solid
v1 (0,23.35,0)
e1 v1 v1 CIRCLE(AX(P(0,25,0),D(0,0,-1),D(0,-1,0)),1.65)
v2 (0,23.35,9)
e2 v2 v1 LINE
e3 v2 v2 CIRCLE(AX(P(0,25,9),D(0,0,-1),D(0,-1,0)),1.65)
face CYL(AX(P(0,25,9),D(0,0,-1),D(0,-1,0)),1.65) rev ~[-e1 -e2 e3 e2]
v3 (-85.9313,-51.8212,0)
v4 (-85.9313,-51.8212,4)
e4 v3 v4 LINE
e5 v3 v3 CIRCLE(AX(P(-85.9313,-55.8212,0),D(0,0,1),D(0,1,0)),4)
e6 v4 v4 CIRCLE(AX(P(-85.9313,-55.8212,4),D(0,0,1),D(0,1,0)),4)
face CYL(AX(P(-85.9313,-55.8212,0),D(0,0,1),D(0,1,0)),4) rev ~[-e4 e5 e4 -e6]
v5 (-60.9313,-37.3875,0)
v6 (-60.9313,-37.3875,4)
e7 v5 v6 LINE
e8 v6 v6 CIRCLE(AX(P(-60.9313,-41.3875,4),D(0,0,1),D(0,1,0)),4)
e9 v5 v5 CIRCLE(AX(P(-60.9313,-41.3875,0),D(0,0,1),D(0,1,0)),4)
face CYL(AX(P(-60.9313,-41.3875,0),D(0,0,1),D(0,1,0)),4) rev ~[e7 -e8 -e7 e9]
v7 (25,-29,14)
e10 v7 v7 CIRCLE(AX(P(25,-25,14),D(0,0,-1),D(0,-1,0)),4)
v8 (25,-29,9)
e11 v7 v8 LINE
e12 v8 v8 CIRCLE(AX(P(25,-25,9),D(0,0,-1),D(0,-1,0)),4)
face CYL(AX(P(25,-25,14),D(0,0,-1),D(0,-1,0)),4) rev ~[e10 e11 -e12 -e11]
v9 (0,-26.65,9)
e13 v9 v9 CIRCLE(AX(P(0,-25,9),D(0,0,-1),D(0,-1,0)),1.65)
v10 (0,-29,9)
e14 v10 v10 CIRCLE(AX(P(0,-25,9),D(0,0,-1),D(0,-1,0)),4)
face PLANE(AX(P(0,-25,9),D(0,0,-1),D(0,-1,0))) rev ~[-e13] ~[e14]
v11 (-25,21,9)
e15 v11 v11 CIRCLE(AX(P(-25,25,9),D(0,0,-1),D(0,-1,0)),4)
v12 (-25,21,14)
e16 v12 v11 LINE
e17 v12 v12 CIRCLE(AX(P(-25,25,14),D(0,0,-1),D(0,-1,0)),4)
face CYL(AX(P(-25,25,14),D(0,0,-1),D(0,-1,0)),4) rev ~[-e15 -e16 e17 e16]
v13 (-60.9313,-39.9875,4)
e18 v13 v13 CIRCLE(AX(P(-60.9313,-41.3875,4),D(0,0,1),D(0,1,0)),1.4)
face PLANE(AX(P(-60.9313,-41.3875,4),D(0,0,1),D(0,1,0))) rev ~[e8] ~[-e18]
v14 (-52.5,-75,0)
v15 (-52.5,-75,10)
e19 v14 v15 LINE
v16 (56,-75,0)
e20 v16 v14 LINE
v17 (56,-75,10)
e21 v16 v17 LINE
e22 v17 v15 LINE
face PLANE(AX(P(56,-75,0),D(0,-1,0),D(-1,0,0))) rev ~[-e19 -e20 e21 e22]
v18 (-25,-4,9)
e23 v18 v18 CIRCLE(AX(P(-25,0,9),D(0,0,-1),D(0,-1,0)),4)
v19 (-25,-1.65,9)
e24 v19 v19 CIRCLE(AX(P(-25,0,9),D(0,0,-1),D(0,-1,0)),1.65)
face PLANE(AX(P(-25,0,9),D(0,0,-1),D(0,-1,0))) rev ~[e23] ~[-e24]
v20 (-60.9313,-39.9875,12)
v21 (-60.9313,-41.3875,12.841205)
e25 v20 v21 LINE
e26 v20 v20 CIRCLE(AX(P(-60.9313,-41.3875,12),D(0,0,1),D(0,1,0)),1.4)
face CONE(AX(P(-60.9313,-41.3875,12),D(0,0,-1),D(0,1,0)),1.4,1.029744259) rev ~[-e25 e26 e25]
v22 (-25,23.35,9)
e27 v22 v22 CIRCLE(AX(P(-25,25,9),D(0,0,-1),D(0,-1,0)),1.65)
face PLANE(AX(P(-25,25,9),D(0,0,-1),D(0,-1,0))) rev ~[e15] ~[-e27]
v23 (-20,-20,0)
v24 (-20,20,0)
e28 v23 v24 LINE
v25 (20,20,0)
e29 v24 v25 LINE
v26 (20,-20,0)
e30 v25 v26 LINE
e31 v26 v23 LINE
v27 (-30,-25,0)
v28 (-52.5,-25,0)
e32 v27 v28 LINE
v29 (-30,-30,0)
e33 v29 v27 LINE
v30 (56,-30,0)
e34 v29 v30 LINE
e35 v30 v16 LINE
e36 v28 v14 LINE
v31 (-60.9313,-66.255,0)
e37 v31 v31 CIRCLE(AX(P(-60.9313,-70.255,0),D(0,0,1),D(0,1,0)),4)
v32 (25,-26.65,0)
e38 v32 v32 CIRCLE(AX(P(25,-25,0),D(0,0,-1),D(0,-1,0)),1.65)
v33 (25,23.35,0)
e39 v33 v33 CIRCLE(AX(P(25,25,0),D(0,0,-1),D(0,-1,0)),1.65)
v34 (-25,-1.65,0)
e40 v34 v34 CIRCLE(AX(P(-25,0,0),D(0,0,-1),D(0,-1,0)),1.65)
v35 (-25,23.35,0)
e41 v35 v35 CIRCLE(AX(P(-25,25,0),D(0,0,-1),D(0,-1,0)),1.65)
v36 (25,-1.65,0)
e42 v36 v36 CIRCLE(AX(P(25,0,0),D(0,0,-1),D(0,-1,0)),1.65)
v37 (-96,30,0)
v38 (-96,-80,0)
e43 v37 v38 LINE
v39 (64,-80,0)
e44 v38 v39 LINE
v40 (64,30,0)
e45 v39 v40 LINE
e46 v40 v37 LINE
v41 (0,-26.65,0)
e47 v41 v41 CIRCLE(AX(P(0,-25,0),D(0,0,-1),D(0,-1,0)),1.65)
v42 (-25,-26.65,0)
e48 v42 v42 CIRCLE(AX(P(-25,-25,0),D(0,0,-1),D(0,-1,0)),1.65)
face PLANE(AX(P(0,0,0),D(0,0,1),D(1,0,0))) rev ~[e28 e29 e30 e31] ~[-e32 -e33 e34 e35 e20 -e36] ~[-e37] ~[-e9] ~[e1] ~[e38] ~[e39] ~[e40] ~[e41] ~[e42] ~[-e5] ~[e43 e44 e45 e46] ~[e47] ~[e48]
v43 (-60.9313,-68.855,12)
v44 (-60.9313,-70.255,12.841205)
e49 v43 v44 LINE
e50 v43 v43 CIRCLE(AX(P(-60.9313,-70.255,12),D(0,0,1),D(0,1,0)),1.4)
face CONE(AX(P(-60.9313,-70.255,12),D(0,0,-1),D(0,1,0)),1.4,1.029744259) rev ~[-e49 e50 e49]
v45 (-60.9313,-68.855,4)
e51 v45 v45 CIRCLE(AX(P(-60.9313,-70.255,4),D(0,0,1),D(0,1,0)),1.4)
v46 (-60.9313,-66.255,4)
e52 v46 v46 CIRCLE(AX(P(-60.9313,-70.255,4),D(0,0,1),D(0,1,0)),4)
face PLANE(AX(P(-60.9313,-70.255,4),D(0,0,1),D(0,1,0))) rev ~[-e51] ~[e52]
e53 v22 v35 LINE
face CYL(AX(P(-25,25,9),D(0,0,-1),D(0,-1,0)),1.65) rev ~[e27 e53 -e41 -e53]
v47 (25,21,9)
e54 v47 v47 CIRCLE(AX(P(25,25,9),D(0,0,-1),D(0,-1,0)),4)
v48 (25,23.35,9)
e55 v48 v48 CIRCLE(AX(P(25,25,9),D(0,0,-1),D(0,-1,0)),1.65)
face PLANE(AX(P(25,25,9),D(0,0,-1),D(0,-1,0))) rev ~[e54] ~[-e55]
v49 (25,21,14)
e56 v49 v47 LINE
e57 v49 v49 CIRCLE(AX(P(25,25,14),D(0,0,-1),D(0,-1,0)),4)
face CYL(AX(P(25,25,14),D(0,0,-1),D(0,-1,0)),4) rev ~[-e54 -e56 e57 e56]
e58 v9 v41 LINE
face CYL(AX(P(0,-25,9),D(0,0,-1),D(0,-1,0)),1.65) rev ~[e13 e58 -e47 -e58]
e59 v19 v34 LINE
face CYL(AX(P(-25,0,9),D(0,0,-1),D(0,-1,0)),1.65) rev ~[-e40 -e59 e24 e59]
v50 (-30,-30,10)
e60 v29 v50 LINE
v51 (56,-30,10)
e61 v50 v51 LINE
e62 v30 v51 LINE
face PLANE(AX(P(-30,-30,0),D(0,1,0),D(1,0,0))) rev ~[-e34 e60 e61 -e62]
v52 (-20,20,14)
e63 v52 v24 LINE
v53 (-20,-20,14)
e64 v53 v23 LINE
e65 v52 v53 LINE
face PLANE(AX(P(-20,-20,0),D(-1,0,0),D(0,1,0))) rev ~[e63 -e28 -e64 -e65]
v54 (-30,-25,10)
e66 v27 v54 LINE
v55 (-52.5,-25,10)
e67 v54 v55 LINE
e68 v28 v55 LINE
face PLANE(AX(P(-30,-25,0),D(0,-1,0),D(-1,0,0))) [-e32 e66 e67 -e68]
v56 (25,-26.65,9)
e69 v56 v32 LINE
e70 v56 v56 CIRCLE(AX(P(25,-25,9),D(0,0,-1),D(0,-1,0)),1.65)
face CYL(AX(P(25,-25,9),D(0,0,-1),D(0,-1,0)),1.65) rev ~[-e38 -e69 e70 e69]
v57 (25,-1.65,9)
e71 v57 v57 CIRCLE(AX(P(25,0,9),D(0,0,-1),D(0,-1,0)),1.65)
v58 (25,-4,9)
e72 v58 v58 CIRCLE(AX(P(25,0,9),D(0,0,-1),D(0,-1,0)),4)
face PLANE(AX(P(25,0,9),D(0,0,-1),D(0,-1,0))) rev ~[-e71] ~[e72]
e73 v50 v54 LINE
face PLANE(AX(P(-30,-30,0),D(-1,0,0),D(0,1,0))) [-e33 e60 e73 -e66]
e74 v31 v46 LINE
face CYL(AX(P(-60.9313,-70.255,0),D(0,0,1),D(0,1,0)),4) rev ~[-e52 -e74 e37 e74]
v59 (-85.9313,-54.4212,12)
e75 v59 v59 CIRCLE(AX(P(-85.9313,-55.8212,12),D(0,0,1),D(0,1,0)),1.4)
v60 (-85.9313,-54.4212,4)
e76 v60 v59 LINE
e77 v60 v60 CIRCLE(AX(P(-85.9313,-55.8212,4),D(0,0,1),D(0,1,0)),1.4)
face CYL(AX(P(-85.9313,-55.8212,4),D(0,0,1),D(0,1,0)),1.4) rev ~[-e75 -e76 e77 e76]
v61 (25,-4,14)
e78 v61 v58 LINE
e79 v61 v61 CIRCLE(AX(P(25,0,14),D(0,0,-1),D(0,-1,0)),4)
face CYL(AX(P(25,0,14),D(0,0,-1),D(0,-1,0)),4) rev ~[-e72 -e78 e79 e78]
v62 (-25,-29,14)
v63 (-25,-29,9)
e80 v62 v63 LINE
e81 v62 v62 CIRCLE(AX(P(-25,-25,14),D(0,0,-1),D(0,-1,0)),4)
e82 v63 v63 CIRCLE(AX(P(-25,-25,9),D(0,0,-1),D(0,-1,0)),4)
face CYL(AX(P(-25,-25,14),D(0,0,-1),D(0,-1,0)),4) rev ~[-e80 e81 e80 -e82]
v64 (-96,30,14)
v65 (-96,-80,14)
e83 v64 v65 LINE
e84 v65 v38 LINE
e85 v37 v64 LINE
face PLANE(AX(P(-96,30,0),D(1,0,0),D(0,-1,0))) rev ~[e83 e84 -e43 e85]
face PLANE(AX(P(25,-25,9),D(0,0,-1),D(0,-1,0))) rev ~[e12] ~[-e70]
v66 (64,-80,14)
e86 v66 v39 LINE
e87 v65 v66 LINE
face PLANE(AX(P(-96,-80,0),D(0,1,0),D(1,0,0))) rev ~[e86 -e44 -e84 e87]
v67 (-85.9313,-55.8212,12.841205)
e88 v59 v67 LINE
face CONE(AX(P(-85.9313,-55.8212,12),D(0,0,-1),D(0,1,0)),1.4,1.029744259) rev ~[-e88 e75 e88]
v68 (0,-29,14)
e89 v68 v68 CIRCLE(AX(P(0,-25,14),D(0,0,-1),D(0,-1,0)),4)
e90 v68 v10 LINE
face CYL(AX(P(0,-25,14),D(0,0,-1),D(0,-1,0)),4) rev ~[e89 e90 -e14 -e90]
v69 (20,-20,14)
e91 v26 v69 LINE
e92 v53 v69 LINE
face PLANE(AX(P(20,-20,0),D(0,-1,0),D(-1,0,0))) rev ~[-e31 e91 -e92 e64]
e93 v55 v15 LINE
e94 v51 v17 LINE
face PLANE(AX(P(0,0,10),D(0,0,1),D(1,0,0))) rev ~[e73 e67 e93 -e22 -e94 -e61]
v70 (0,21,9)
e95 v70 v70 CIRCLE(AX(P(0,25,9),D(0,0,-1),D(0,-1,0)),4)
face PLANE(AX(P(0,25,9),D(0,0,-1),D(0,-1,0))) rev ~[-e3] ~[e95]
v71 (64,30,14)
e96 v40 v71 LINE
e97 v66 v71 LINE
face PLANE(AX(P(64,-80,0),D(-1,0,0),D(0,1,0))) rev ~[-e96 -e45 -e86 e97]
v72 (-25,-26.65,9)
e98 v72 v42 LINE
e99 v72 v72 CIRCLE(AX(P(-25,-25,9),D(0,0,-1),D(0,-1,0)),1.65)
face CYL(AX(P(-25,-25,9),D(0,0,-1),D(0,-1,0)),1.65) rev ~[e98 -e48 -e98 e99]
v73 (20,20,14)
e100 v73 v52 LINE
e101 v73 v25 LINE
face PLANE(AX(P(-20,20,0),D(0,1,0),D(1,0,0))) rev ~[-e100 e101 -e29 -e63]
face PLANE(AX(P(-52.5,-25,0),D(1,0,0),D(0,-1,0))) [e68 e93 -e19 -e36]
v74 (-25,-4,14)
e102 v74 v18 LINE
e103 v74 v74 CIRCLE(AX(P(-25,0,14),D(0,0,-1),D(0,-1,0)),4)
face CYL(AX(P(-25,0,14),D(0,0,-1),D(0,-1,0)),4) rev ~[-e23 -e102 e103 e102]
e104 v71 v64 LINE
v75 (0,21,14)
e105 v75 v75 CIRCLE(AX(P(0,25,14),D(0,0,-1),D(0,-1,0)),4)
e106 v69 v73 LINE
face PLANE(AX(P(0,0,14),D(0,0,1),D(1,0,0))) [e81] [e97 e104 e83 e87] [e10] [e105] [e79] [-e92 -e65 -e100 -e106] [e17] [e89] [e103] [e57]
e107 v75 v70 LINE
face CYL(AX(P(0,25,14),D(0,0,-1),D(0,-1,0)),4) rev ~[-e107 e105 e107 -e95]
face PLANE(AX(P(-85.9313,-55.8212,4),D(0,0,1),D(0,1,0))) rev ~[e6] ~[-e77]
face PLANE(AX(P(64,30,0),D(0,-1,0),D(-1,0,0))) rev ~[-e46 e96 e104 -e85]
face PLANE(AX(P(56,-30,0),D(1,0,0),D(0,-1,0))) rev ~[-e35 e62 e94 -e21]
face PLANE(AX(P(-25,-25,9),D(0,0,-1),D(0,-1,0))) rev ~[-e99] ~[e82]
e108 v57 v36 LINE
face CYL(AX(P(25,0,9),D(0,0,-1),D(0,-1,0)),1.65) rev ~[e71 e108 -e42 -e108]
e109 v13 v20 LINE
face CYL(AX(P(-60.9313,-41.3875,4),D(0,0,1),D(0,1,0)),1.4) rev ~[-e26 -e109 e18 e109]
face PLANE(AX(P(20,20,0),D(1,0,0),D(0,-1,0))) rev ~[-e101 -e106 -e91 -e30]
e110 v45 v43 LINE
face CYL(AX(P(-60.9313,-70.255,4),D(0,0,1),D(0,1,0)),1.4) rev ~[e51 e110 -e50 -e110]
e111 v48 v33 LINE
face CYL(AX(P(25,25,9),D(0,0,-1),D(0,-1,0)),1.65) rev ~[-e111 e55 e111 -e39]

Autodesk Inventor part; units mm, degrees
ref_plane "YZ Plane" through (0, 0, 0) normal (1, 0, 0) x (0, 1, 0)
ref_plane "XZ Plane" through (0, 0, 0) normal (0, 1, 0) x (-1, 0, 0)
ref_plane "XY Plane" through (0, 0, 0) normal (0, 0, 1) x (1, 0, 0)
ref_plane "Work Plane1" through (0, 0, 0) normal (0, 0, 1) x (1, 0, 0)
sketch "Sketch1" plane through (0, 0, 0) normal (0, 0, 1) x (1, 0, 0)
  circle A0 centre (0, 25) radius 1.95 construction
  circle A1 centre (-25, 0) radius 1.95 construction
  circle A2 centre (-25, -25) radius 1.95 construction
  circle A3 centre (25, 25) radius 1.95 construction
  circle A4 centre (25, -25) radius 1.95 construction
  circle A5 centre (-25, 25) radius 1.95 construction
  circle A6 centre (25, 0) radius 1.95 construction
  circle A7 centre (0, -25) radius 1.95 construction
  line L0 (-28, 30) -> (-30, 28) construction
  line L1 (-30, 28) -> (-30, -28) construction
  line L2 (-30, -28) -> (-28, -30) construction
  line L3 (-28, -30) -> (28, -30) construction
  line L4 (28, -30) -> (30, -28) construction
  line L5 (30, -28) -> (30, 28) construction
  line L6 (30, 28) -> (28, 30) construction
  line L7 (28, 30) -> (-28, 30) construction
  circle A8 centre (35, -56) radius 1 construction
  circle A9 centre (5, -48.5) radius 1 construction
  circle A10 centre (5, -64.5) radius 1.0474 construction
  circle A11 centre (-5, -64.5) radius 1 construction
  circle A12 centre (-5, -56) radius 1 construction
  circle A13 centre (-5, -48.5) radius 1 construction
  circle A14 centre (5, -56) radius 1 construction
  circle A15 centre (35, -48) radius 1 construction
  circle A16 centre (35, -64) radius 1 construction
  line L8 (38, -40) -> (38, -72) construction
  line L9 (38, -40) -> (-10, -40) construction
  line L10 (-10, -72) -> (-10, -40) construction
  line L11 (38, -72) -> (-10, -72) construction
  line L12 (38, -71) -> (38, -41) construction
  line L13 (38, -71) -> (48, -71) construction
  line L14 (48, -41) -> (48, -71) construction
  line L15 (38, -41) -> (48, -41) construction
  line L16 (56, -75) -> (-52.5, -75)
  line L17 (-52.5, -75) -> (-52.5, -30)
  line L18 (-52.5, -30) -> (56, -30)
  line L19 (56, -30) -> (56, -75)
  line L20 (-40, -41.1445) -> (-40, -68) construction
  line L21 (-41, -39.0927) -> (-41, -47.7587) construction
  line L22 (-41, -39.0927) -> (-46.5, -39.0927) construction
  line L23 (-46.5, -47.7587) -> (-46.5, -39.0927) construction
  line L24 (-41, -47.7587) -> (-46.5, -47.7587) construction
  line L25 (-41, -60.5) -> (-41, -64) construction
  line L26 (-41, -60.5) -> (-46.5, -60.5) construction
  line L27 (-46.5, -64) -> (-46.5, -60.5) construction
  line L28 (-41, -64) -> (-46.5, -64) construction
  line L29 (64, 30) -> (-96, 30)
  line L30 (-96, 30) -> (-96, -80)
  line L31 (-96, -80) -> (64, -80)
  line L32 (64, -80) -> (64, 30)
  line L33 (20, -20) -> (-20, -20)
  line L34 (-20, -20) -> (-20, 20)
  line L35 (-20, 20) -> (20, 20)
  line L36 (20, 20) -> (20, -20)
  line L37 (20, -20) -> (-20, 20) construction
  line L38 (-20, -20) -> (20, 20) construction
  line L39 (-52.5, -30) -> (-30, -30)
  line L40 (-30, -30) -> (-30, -25)
  line L41 (-30, -25) -> (-52.5, -25)
  line L42 (-52.5, -25) -> (-52.5, -30)
  point P0 (0, 0)
  dimension "d1" = 3
  dimension "d2" = 8
  dimension "d4" = 6
  dimension "d5" = 160
  dimension "d6" = 110
  dimension "d7" = 8
  dimension "d19" = 40
  dimension "d20" = 40
  dimension "d28" = 5
  dimension "d29" = 0
extrude "Extrusion1" add sketch "Sketch1" along normal blind 10
sketch "Sketch2" plane through (0, 0, 10) normal (0, 0, 1) x (1, 0, 0)
  line L0 (-30, -30) -> (56, -30) projected
  line L1 (56, -30) -> (56, -75) projected
  line L2 (56, -75) -> (-52.5, -75) projected
  line L3 (64, 30) -> (-96, 30) projected
  line L4 (-96, 30) -> (-96, -80) projected
  line L5 (-96, -80) -> (64, -80) projected
  line L6 (64, -80) -> (64, 30) projected
  line L7 (20, -20) -> (20, 20) projected
  line L8 (-20, -20) -> (20, -20)
  line L9 (20, -20) -> (20, 20)
  line L10 (20, 20) -> (-20, 20)
  line L11 (-20, 20) -> (-20, -20)
  line L12 (-20, -20) -> (20, 20) construction
  line L13 (20, -20) -> (-20, 20) construction
  line L14 (-52.5, -25) -> (-30, -25) projected
  line L15 (-30, -25) -> (-30, -30) projected
  line L16 (-52.5, -75) -> (-52.5, -25) projected
  point P0 (0, 0)
extrude "Extrusion2" add sketch "Sketch2" along normal blind 4 contours L0 L1 L2 L16 L14 L15 | L6 L5 L4 L3
sketch "Sketch3" plane through (0, 0, 14) normal (0, 0, 1) x (1, 0, 0)
  circle A0 centre (0, 25) radius 1.95 construction
  circle A1 centre (-25, 0) radius 1.95 construction
  circle A2 centre (-25, -25) radius 1.95 construction
  circle A3 centre (25, 25) radius 1.95 construction
  circle A4 centre (25, -25) radius 1.95 construction
  circle A5 centre (-25, 25) radius 1.95 construction
  circle A6 centre (25, 0) radius 1.95 construction
  circle A7 centre (0, -25) radius 1.95 construction
  line L0 (-28, 30) -> (-30, 28) construction
  line L1 (-30, 28) -> (-30, -28) construction
  line L2 (-30, -28) -> (-28, -30) construction
  line L3 (-28, -30) -> (28, -30) construction
  line L4 (28, -30) -> (30, -28) construction
  line L5 (30, -28) -> (30, 28) construction
  line L6 (30, 28) -> (28, 30) construction
  line L7 (28, 30) -> (-28, 30) construction
  point P0 (0, 0)
hole "Hole1" at (25, 25, 14) at (0, 25, 14) at (-25, 25, 14) at (-25, 0, 14) at (-25, -25, 14) at (0, -25, 14) at (25, -25, 14) at (25, 0, 14) direction (0, 0, -1) diameter 3.3 end through all counterbore diameter 8 counterbore depth 5
sketch "Sketch4" plane through (0, 0, 0) normal (0, 0, -1) x (-1, 0, 0)
  line L0 (52.5, -75) -> (-56, -75) construction
  line L1 (-56, -75) -> (-56, -30) construction
  line L2 (-56, -30) -> (30, -30) construction
  line L3 (20, 20) -> (20, -20) construction
  line L4 (20, -20) -> (-20, -20) construction
  line L5 (-20, -20) -> (-20, 20) construction
  line L6 (-20, 20) -> (20, 20) construction
  line L7 (-64, 30) -> (96, 30) construction
  line L8 (-64, -80) -> (-64, 30) construction
  line L9 (96, -80) -> (-64, -80) construction
  line L10 (96, 30) -> (96, -80) construction
  line L11 (60.9313, -70.255) -> (60.9313, -41.3875) construction
  line L12 (60.9313, -41.3875) -> (85.9313, -55.8212) construction
  line L13 (85.9313, -55.8212) -> (60.9313, -70.255) construction
  line L14 (96, 30) -> (96, -80) construction
  line L15 (30, -30) -> (30, -25) projected
  line L16 (30, -25) -> (52.5, -25) projected
  line L17 (52.5, -25) -> (52.5, -75) projected
  point P0 (0, 0)
  point P1 (69.2646, -55.8212)
  dimension "d30" = 25
hole "Hole2" at (-60.9313, -41.3875, 0) at (-85.9313, -55.8212, 0) at (-60.9313, -70.255, 0) direction (0, 0, 1) diameter 2.8 depth 12 tip angle 118 counterbore diameter 8 counterbore depth 4
properties part number "cellSTORM_Base_v0"
